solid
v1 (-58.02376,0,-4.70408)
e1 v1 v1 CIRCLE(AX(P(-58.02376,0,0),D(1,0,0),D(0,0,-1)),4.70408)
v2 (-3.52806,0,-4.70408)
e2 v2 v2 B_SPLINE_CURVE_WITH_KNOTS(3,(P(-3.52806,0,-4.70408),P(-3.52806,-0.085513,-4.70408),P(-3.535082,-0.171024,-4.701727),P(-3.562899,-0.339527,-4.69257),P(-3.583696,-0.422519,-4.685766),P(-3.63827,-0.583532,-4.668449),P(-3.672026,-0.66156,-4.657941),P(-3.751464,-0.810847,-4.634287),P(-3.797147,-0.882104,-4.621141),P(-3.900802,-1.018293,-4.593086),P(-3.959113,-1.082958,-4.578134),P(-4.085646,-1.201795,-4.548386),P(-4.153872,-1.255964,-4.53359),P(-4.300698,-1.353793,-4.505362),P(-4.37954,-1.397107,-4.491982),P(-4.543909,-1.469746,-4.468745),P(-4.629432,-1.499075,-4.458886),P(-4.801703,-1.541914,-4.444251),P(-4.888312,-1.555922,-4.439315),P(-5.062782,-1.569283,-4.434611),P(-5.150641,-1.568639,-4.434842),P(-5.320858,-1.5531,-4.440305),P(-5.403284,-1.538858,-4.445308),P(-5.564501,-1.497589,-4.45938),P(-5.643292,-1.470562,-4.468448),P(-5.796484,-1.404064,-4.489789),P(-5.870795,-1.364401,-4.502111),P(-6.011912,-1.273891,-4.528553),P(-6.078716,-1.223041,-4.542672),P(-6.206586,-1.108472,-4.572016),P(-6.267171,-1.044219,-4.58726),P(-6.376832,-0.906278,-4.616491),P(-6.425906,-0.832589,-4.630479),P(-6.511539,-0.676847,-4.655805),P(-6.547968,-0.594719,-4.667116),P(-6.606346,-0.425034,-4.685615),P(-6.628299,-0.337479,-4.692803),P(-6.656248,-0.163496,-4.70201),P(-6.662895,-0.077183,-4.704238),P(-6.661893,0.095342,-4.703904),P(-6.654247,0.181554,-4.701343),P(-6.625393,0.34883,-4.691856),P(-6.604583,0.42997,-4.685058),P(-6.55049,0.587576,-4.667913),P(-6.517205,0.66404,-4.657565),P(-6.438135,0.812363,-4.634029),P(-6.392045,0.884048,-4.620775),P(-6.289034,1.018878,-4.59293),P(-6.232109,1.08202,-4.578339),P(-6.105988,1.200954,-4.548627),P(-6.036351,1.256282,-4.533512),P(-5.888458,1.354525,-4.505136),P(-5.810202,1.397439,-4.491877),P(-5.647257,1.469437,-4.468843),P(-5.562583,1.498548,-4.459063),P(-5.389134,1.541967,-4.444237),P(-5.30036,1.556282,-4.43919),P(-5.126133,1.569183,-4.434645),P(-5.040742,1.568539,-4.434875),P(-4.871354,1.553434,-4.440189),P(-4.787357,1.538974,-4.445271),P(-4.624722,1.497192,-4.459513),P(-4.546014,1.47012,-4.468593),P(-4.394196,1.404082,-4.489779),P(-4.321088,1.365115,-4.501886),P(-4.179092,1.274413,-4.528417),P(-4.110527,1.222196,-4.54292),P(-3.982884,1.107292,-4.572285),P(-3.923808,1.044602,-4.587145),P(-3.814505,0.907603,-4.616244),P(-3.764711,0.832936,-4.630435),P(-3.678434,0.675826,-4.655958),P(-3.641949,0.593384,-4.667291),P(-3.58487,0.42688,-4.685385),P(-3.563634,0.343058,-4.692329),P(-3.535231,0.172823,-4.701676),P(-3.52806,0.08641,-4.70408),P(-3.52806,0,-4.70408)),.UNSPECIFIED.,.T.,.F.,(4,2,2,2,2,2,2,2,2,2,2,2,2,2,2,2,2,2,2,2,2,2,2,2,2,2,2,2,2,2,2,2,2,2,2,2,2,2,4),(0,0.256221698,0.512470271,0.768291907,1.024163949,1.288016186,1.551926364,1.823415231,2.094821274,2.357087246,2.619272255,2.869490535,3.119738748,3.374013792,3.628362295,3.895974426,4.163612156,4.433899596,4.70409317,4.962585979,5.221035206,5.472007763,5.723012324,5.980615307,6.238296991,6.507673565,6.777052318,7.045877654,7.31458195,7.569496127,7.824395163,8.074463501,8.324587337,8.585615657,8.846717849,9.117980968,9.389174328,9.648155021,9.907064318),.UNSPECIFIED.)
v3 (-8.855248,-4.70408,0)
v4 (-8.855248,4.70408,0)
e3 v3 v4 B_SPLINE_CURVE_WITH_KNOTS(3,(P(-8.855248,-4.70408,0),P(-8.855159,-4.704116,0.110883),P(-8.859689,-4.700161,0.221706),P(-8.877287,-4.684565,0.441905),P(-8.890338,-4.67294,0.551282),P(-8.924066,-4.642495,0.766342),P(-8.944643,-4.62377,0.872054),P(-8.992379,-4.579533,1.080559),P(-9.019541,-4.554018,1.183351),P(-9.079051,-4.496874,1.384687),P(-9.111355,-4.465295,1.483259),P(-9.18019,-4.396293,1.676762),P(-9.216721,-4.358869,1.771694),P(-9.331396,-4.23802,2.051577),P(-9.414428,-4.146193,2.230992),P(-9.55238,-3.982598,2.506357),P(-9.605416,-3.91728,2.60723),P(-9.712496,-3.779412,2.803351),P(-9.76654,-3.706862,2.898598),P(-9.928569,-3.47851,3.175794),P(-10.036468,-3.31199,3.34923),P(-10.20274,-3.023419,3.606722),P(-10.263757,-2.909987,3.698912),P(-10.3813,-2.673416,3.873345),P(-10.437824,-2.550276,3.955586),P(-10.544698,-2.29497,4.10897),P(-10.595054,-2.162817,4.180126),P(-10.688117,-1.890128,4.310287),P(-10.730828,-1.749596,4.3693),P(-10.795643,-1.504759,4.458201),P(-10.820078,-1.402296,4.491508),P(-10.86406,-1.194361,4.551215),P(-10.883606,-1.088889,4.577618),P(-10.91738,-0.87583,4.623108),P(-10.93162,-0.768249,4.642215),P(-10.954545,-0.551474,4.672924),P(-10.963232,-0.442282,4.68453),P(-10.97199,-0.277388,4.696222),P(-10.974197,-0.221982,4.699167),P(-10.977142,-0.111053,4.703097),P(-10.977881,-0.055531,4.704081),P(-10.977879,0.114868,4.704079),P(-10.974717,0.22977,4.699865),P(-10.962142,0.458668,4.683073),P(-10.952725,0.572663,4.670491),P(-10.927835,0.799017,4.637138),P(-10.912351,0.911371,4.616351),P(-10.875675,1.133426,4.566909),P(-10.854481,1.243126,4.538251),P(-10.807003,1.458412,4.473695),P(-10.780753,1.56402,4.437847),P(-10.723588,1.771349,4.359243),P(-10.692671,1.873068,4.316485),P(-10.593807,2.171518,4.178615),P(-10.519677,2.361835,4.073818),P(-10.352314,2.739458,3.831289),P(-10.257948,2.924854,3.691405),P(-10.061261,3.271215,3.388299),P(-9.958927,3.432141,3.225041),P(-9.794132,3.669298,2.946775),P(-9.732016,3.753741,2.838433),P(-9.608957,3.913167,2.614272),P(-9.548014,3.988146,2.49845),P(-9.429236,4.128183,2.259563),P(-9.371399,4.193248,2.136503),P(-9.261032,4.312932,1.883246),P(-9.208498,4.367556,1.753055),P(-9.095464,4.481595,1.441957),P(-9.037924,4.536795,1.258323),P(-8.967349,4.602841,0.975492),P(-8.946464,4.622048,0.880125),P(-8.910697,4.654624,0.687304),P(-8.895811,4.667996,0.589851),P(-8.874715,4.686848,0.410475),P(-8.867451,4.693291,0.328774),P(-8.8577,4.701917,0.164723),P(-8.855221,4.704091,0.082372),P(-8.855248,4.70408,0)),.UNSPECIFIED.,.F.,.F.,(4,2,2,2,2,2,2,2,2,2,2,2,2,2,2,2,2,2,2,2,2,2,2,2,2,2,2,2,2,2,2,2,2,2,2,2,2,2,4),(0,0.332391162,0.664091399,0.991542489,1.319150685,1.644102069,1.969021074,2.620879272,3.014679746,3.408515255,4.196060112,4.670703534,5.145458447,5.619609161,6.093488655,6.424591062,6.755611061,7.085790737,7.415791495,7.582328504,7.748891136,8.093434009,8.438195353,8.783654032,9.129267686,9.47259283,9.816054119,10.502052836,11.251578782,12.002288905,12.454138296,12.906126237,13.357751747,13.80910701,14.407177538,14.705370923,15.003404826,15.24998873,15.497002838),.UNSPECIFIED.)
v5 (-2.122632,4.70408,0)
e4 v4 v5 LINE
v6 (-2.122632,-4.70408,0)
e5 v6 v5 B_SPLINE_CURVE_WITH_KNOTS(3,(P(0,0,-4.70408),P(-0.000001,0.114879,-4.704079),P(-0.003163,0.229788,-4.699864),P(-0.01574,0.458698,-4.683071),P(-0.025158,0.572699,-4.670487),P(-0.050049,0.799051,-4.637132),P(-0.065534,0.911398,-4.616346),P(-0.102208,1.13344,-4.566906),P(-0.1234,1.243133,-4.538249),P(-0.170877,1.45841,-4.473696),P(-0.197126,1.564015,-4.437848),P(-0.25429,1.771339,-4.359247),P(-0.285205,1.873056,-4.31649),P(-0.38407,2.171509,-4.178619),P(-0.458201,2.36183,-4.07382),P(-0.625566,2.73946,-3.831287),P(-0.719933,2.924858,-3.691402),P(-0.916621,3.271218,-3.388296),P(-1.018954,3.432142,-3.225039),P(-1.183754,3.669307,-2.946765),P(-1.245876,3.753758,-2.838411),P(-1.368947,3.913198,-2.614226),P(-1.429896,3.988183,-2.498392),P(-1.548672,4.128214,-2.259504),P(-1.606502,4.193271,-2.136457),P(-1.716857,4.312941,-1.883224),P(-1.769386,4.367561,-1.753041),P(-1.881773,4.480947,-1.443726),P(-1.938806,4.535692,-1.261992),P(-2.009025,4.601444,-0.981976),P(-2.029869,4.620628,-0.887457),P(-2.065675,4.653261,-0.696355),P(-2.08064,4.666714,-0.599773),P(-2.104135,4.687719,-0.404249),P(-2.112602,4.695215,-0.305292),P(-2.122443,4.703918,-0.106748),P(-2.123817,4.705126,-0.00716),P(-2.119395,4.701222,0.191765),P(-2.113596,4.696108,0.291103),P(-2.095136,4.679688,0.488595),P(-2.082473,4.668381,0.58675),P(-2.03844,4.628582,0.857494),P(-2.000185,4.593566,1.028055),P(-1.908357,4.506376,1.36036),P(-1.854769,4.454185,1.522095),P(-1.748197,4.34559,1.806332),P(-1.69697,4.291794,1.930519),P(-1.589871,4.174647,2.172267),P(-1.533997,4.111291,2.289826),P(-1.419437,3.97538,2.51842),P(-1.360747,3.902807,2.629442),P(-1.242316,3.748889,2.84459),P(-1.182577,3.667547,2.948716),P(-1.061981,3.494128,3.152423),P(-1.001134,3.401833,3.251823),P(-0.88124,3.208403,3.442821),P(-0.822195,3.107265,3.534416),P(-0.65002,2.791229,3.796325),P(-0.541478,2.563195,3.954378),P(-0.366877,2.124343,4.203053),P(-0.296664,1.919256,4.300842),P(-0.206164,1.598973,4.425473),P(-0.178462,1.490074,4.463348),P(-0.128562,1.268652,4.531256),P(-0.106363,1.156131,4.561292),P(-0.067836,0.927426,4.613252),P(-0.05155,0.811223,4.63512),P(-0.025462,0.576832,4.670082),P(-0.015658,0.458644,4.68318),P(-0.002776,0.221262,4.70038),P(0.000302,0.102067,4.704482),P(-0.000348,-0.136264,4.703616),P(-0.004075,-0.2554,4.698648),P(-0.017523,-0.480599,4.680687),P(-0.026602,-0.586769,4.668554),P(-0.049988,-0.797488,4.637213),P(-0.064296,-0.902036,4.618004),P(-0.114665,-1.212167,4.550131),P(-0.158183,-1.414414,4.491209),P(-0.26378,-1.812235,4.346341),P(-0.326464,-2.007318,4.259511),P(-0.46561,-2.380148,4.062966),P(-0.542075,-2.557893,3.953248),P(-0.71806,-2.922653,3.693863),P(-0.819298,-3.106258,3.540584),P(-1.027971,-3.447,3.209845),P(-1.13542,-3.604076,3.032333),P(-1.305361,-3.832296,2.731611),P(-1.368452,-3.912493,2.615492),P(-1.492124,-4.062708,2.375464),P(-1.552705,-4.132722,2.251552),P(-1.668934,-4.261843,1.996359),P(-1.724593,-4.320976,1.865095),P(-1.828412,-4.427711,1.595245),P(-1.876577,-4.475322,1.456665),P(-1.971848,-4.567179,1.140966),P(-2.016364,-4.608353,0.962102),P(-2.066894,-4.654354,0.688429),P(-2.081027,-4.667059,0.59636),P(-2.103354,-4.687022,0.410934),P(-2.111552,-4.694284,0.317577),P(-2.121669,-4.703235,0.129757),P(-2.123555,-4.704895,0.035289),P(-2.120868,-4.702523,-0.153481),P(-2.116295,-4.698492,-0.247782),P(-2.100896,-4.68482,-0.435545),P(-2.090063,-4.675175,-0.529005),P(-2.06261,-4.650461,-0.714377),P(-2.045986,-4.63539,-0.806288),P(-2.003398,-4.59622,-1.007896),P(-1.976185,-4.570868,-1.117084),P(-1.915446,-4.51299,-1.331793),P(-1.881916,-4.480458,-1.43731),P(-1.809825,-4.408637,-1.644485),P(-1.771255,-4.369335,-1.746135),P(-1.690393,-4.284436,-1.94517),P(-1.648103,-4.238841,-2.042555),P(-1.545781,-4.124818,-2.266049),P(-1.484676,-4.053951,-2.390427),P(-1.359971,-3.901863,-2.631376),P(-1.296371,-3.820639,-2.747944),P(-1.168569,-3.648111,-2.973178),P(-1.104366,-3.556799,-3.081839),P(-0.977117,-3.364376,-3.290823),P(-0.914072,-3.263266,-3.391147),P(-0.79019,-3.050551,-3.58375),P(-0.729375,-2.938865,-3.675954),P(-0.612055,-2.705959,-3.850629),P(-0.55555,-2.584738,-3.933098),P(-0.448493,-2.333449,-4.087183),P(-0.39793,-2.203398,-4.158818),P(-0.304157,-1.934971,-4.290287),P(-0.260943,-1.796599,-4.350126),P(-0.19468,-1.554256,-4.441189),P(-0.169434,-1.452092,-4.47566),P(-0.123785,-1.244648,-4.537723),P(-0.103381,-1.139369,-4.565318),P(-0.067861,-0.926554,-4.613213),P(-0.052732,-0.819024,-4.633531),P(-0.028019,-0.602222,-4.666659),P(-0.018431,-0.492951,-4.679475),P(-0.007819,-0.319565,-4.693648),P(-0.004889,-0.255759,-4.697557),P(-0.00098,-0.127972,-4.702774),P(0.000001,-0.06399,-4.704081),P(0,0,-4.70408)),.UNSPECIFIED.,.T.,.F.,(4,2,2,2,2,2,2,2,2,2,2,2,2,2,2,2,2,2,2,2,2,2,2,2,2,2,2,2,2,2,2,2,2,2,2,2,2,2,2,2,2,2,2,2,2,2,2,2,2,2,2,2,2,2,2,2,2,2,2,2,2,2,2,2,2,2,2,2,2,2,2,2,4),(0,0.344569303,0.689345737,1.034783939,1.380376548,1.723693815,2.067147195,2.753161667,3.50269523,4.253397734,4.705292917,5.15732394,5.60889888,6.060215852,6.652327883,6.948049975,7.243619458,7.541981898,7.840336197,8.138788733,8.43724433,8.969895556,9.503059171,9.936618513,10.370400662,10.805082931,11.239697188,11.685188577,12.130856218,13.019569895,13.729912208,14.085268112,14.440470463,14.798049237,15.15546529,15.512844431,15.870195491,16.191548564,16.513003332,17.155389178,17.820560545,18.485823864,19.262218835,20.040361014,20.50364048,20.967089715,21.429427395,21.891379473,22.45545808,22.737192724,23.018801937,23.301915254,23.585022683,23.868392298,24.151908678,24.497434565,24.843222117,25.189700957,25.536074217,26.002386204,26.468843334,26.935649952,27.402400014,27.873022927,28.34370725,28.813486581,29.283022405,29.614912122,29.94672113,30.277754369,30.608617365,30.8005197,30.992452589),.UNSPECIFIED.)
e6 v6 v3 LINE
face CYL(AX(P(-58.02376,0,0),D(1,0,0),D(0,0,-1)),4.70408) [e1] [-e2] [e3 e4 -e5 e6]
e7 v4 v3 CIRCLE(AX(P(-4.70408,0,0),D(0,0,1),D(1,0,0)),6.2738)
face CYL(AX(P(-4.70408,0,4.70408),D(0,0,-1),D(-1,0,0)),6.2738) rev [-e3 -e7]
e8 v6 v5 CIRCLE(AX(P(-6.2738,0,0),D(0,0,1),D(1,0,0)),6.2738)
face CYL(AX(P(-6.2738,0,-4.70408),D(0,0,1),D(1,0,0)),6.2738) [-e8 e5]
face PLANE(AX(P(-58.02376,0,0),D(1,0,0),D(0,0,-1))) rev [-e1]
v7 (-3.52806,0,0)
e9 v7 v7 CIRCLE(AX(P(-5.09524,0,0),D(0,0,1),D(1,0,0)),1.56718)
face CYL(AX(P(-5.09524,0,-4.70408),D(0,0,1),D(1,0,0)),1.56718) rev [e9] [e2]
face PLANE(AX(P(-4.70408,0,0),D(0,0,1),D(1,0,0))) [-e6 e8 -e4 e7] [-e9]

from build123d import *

# Parameters (mm, degrees)
SKETCH1_R               = 4.70408
BOSS_EXTRUDE1_DEPTH     = 58.02376
CUT_EXTRUDE1_DEPTH      = 5.70408
CUT_EXTRUDE1_DEPTH_BACK = 5.70408
SKETCH3_R               = 6.2738
CUT_EXTRUDE2_DEPTH      = 5.704080123
SKETCH4_R               = 1.56718
CUT_EXTRUDE3_DEPTH      = 5.7040801


with BuildPart() as part:
    # Sketch1 → Boss-Extrude1 (new body)
    with BuildSketch(Plane(origin=(0, 0, 0), x_dir=(0, 0, -1), z_dir=(1, 0, 0))):
        Circle(SKETCH1_R)
    extrude(amount=-BOSS_EXTRUDE1_DEPTH)

    # Sketch2 → Cut-Extrude1 (cut, two sides)
    with BuildSketch(Plane.XY) as cut_extrude1_sk:
        with BuildLine():
            Line((-6.2738, 6.2738), (2.931020603, 6.2738))
            Line((2.931020603, 6.2738), (2.931020603, -6.2738))
            Line((2.931020603, -6.2738), (-6.2738, -6.2738))
            ThreePointArc((-6.2738, -6.2738), (0, 0), (-6.2738, 6.2738))
        make_face()
    extrude(amount=CUT_EXTRUDE1_DEPTH, mode=Mode.SUBTRACT)
    extrude(cut_extrude1_sk.sketch, amount=-CUT_EXTRUDE1_DEPTH_BACK, mode=Mode.SUBTRACT)

    # Sketch3 → Cut-Extrude2 (cut, through all)
    with BuildSketch(Plane.XY):
        with Locations((-4.70408, 0)):
            Circle(SKETCH3_R)
    extrude(amount=CUT_EXTRUDE2_DEPTH, mode=Mode.SUBTRACT)

    # Sketch4 → Cut-Extrude3 (cut, through all)
    with BuildSketch(Plane.XY):
        with Locations((-5.09524, 0)):
            Circle(SKETCH4_R)
    extrude(amount=-CUT_EXTRUDE3_DEPTH, mode=Mode.SUBTRACT)


solid = part.part
